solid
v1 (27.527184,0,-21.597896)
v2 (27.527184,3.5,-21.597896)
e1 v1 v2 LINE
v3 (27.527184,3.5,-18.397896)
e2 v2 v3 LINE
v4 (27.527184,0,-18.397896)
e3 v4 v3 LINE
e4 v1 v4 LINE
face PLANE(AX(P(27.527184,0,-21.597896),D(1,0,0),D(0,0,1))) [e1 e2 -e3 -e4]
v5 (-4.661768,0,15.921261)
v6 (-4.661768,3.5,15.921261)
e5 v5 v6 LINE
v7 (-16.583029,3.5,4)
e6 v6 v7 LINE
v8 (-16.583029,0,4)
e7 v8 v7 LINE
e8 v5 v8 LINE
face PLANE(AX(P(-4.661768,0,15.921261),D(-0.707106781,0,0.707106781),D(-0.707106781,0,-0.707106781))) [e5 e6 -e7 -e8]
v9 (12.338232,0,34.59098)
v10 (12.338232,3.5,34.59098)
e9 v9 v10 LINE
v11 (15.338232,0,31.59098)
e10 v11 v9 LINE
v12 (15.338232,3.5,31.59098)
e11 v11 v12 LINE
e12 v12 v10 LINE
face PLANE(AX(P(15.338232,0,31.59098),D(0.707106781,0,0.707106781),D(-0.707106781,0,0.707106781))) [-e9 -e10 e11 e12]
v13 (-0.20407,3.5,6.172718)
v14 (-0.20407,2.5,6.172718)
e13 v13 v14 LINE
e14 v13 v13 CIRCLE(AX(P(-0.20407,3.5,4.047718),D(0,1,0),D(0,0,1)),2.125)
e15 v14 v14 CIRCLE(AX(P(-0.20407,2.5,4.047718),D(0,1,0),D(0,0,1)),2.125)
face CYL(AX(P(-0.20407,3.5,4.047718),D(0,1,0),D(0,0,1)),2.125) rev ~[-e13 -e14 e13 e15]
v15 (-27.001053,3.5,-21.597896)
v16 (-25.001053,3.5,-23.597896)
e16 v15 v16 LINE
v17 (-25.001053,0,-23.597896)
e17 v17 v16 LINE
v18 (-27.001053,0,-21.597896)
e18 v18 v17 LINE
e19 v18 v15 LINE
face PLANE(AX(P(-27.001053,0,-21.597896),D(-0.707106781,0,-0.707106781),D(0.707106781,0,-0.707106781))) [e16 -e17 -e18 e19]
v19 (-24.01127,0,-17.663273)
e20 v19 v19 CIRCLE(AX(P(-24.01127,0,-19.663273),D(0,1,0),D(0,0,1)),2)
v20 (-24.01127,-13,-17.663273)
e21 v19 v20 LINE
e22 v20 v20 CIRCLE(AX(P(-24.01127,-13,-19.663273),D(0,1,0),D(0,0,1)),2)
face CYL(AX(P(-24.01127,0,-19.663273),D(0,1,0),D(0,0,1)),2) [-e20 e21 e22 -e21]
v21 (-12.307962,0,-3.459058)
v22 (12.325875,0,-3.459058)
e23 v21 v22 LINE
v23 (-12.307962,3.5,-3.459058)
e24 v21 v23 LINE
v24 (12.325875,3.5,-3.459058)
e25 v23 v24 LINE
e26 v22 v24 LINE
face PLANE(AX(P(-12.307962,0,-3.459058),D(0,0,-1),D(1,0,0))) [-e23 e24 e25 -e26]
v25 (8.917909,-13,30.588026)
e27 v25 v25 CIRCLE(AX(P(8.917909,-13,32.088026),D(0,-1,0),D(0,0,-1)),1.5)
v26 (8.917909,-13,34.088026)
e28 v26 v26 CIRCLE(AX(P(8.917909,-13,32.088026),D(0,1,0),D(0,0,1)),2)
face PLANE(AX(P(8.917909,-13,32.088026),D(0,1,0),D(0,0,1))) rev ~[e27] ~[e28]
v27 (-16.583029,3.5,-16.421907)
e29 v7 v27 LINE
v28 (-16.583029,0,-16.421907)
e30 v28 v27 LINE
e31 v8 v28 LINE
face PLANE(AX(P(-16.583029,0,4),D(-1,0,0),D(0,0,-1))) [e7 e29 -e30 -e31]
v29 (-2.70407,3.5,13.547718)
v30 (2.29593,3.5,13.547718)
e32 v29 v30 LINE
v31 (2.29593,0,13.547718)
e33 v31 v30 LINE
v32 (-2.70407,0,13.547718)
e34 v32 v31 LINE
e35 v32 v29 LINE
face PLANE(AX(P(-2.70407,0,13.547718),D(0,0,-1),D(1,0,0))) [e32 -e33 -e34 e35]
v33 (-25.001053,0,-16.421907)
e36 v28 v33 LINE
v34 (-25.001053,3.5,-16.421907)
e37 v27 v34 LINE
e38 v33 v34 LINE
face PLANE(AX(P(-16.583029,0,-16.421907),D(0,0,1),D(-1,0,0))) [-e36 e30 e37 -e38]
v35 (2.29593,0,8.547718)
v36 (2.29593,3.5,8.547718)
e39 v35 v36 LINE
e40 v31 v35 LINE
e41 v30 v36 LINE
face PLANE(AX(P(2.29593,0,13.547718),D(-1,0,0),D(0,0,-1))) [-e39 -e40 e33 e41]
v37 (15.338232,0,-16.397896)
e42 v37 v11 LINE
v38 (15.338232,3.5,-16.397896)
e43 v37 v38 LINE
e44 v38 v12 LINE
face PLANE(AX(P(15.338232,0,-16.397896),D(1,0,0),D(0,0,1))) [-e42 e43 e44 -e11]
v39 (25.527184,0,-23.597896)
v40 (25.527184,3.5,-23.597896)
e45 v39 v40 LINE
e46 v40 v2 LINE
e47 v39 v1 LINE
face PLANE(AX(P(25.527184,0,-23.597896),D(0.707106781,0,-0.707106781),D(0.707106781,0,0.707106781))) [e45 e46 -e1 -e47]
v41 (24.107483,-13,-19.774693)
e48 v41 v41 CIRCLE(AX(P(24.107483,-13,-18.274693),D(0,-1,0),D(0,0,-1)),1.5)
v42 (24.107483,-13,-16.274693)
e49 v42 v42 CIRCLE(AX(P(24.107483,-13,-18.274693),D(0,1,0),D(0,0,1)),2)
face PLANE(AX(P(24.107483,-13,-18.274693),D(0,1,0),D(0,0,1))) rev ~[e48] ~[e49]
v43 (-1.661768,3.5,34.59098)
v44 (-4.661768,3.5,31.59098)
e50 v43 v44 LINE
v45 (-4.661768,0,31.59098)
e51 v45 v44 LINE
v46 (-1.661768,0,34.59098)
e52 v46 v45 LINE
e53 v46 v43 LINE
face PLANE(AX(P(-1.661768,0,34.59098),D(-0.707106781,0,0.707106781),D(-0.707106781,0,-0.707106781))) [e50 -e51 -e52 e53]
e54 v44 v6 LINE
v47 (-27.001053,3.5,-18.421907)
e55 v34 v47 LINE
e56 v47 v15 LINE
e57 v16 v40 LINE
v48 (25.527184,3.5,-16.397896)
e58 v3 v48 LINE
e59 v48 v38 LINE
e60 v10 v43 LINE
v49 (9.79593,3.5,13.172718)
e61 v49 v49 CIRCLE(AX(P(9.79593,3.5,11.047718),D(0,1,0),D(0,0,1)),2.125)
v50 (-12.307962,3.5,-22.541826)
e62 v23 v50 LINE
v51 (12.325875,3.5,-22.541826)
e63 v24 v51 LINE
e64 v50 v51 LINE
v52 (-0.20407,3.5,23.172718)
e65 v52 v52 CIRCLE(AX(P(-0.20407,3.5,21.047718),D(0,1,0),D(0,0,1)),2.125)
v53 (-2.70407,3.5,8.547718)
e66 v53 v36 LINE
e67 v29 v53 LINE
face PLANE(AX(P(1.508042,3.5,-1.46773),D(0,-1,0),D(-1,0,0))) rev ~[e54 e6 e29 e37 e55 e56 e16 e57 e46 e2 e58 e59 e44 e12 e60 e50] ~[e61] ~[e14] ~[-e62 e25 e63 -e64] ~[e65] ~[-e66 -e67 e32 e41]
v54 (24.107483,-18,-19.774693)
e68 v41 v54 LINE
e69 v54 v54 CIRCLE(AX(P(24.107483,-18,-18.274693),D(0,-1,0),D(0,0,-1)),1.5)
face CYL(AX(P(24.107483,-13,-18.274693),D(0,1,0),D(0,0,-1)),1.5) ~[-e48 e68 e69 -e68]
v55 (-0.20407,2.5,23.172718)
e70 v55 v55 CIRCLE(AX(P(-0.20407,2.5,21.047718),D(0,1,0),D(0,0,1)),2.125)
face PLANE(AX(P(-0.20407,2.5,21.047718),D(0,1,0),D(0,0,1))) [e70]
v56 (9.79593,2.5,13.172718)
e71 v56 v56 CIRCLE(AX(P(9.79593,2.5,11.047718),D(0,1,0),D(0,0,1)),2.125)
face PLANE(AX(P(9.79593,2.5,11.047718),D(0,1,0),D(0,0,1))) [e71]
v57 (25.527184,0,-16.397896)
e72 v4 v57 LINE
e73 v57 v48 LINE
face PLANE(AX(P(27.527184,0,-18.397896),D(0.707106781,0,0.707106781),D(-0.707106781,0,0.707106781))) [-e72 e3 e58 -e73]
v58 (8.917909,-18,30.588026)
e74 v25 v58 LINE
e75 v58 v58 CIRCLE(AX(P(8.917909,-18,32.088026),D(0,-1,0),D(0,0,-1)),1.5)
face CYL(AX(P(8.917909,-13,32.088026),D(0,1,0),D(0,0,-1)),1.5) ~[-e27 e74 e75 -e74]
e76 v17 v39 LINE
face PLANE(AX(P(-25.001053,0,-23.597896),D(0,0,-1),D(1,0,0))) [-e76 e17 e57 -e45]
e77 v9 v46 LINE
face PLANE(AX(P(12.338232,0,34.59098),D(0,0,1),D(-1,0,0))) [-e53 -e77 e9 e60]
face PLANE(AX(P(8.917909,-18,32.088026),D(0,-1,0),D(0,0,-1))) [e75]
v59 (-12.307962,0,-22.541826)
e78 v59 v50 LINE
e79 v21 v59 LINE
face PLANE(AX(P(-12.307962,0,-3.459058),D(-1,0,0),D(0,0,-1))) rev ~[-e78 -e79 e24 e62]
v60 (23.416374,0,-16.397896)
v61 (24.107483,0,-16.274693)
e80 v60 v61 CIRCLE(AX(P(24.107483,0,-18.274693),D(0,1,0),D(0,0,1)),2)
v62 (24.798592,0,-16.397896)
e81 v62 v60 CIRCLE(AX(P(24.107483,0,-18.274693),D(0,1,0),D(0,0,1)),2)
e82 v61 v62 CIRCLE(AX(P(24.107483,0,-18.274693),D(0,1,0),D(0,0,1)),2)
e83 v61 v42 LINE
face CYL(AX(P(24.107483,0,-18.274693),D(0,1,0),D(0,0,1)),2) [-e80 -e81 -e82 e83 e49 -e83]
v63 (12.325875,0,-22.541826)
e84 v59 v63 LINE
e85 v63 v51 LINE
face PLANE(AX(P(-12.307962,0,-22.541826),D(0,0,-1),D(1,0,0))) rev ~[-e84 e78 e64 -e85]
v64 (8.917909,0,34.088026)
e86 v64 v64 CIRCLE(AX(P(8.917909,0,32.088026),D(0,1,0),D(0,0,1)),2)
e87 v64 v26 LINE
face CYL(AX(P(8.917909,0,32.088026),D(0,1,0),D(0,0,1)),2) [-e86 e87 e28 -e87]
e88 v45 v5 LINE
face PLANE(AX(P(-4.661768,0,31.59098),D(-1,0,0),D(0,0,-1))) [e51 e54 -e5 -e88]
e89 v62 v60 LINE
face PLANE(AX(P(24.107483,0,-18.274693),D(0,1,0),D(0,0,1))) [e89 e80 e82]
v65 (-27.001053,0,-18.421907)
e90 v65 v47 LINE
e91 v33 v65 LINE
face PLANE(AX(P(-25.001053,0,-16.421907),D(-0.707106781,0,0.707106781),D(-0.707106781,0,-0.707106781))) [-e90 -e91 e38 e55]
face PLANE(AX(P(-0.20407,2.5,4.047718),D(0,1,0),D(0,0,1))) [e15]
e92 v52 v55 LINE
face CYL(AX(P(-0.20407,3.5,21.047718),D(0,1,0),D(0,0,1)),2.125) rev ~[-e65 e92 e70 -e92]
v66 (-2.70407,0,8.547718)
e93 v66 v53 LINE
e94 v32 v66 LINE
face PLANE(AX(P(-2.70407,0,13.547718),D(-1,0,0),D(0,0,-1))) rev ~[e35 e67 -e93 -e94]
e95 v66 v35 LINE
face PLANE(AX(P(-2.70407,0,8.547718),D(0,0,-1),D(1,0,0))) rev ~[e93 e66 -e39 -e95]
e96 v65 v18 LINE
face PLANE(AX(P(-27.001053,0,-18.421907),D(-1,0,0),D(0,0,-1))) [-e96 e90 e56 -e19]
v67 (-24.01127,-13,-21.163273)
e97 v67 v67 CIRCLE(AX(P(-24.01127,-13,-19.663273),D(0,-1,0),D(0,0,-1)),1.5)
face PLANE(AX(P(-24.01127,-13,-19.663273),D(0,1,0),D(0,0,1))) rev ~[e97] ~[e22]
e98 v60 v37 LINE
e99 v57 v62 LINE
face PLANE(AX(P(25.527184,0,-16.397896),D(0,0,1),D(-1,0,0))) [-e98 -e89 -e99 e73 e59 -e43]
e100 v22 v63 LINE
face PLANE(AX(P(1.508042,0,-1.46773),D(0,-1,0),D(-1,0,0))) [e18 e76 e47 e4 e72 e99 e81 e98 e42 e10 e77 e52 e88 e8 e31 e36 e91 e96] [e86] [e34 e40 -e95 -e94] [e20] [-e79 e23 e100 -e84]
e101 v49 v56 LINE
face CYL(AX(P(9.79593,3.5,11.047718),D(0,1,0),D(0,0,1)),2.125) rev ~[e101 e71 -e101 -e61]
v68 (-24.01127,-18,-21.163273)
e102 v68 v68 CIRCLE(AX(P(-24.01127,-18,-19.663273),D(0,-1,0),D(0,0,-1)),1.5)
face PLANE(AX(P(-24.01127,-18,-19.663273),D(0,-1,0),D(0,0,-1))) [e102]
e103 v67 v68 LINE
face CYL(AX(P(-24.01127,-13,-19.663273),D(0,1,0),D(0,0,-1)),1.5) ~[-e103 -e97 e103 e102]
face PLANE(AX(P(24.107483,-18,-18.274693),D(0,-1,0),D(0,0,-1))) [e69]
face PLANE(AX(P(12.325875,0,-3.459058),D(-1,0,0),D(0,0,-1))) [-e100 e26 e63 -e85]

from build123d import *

# Parameters (mm, degrees)
SKETCH4_W           = 24.633837396
SKETCH4_H           = 19.082768461
SKETCH4_W_2         = 5
SKETCH4_H_2         = 5
MAINBRACKET_DEPTH   = 3.5
SKETCH3_R           = 2
BOSS_EXTRUDE2_DEPTH = 13
SKETCH6_R           = 1.5
BOSS_EXTRUDE3_DEPTH = 5
SKETCH7_R           = 2.125
CUT_EXTRUDE1_DEPTH  = 1


with BuildPart() as part:
    # Sketch4 → MainBracket (new body)
    with BuildSketch(Plane(origin=(0, 0, 0), x_dir=(1, 0, 0), z_dir=(0, 1, 0))):
        Polygon((-25.001052975, 23.597895529), (25.52718448, 23.597895529), (27.52718448, 21.597895529), (27.52718448, 18.397895529), (25.52718448, 16.397895529), (15.338231538, 16.397895529), (15.338231538, -31.590979949), (12.338231538, -34.590979949), (-1.661768462, -34.590979949), (-4.661768462, -31.590979949), (-4.661768462, -15.921260677), (-16.583029139, -4), (-16.583029139, 16.421906692), (-25.001052975, 16.421906692), (-27.001052975, 18.421906692), (-27.001052975, 21.597895529), align=None)
        with Locations((0.008956485, 13.000441896)):
            Rectangle(SKETCH4_W, SKETCH4_H, mode=Mode.SUBTRACT)
        with Locations((-0.204070078, -11.047717724)):
            Rectangle(SKETCH4_W_2, SKETCH4_H_2, mode=Mode.SUBTRACT)
    extrude(amount=MAINBRACKET_DEPTH)

    # Sketch3 → Boss-Extrude2 (add)
    with BuildSketch(Plane(origin=(0, 0, 0), x_dir=(1, 0, 0), z_dir=(0, 1, 0))):
        with Locations((-24.011269627, 19.663273311)):
            Circle(SKETCH3_R)
        with Locations((24.107482847, 18.27469294)):
            Circle(SKETCH3_R)
        with Locations((8.917908931, -32.088026328)):
            Circle(SKETCH3_R)
    extrude(amount=-BOSS_EXTRUDE2_DEPTH)

    # Sketch6 → Boss-Extrude3 (add)
    with BuildSketch(Plane.XZ.offset(13)):
        with Locations((-24.011269627, -19.663273311)):
            Circle(SKETCH6_R)
        with Locations((8.917908931, 32.088026328)):
            Circle(SKETCH6_R)
        with Locations((24.107482847, -18.27469294)):
            Circle(SKETCH6_R)
    extrude(amount=BOSS_EXTRUDE3_DEPTH)

    # Sketch7 → Cut-Extrude1 (cut)
    with BuildSketch(Plane(origin=(0, 3.5, 0), x_dir=(1, 0, 0), z_dir=(0, 1, 0))):
        with Locations((-0.204070078, -21.047717724)):
            Circle(SKETCH7_R)
        with Locations((-0.204070078, -4.047717724)):
            Circle(SKETCH7_R)
        with Locations((9.795929922, -11.047717724)):
            Circle(SKETCH7_R)
    extrude(amount=-CUT_EXTRUDE1_DEPTH, mode=Mode.SUBTRACT)


solid = part.part
